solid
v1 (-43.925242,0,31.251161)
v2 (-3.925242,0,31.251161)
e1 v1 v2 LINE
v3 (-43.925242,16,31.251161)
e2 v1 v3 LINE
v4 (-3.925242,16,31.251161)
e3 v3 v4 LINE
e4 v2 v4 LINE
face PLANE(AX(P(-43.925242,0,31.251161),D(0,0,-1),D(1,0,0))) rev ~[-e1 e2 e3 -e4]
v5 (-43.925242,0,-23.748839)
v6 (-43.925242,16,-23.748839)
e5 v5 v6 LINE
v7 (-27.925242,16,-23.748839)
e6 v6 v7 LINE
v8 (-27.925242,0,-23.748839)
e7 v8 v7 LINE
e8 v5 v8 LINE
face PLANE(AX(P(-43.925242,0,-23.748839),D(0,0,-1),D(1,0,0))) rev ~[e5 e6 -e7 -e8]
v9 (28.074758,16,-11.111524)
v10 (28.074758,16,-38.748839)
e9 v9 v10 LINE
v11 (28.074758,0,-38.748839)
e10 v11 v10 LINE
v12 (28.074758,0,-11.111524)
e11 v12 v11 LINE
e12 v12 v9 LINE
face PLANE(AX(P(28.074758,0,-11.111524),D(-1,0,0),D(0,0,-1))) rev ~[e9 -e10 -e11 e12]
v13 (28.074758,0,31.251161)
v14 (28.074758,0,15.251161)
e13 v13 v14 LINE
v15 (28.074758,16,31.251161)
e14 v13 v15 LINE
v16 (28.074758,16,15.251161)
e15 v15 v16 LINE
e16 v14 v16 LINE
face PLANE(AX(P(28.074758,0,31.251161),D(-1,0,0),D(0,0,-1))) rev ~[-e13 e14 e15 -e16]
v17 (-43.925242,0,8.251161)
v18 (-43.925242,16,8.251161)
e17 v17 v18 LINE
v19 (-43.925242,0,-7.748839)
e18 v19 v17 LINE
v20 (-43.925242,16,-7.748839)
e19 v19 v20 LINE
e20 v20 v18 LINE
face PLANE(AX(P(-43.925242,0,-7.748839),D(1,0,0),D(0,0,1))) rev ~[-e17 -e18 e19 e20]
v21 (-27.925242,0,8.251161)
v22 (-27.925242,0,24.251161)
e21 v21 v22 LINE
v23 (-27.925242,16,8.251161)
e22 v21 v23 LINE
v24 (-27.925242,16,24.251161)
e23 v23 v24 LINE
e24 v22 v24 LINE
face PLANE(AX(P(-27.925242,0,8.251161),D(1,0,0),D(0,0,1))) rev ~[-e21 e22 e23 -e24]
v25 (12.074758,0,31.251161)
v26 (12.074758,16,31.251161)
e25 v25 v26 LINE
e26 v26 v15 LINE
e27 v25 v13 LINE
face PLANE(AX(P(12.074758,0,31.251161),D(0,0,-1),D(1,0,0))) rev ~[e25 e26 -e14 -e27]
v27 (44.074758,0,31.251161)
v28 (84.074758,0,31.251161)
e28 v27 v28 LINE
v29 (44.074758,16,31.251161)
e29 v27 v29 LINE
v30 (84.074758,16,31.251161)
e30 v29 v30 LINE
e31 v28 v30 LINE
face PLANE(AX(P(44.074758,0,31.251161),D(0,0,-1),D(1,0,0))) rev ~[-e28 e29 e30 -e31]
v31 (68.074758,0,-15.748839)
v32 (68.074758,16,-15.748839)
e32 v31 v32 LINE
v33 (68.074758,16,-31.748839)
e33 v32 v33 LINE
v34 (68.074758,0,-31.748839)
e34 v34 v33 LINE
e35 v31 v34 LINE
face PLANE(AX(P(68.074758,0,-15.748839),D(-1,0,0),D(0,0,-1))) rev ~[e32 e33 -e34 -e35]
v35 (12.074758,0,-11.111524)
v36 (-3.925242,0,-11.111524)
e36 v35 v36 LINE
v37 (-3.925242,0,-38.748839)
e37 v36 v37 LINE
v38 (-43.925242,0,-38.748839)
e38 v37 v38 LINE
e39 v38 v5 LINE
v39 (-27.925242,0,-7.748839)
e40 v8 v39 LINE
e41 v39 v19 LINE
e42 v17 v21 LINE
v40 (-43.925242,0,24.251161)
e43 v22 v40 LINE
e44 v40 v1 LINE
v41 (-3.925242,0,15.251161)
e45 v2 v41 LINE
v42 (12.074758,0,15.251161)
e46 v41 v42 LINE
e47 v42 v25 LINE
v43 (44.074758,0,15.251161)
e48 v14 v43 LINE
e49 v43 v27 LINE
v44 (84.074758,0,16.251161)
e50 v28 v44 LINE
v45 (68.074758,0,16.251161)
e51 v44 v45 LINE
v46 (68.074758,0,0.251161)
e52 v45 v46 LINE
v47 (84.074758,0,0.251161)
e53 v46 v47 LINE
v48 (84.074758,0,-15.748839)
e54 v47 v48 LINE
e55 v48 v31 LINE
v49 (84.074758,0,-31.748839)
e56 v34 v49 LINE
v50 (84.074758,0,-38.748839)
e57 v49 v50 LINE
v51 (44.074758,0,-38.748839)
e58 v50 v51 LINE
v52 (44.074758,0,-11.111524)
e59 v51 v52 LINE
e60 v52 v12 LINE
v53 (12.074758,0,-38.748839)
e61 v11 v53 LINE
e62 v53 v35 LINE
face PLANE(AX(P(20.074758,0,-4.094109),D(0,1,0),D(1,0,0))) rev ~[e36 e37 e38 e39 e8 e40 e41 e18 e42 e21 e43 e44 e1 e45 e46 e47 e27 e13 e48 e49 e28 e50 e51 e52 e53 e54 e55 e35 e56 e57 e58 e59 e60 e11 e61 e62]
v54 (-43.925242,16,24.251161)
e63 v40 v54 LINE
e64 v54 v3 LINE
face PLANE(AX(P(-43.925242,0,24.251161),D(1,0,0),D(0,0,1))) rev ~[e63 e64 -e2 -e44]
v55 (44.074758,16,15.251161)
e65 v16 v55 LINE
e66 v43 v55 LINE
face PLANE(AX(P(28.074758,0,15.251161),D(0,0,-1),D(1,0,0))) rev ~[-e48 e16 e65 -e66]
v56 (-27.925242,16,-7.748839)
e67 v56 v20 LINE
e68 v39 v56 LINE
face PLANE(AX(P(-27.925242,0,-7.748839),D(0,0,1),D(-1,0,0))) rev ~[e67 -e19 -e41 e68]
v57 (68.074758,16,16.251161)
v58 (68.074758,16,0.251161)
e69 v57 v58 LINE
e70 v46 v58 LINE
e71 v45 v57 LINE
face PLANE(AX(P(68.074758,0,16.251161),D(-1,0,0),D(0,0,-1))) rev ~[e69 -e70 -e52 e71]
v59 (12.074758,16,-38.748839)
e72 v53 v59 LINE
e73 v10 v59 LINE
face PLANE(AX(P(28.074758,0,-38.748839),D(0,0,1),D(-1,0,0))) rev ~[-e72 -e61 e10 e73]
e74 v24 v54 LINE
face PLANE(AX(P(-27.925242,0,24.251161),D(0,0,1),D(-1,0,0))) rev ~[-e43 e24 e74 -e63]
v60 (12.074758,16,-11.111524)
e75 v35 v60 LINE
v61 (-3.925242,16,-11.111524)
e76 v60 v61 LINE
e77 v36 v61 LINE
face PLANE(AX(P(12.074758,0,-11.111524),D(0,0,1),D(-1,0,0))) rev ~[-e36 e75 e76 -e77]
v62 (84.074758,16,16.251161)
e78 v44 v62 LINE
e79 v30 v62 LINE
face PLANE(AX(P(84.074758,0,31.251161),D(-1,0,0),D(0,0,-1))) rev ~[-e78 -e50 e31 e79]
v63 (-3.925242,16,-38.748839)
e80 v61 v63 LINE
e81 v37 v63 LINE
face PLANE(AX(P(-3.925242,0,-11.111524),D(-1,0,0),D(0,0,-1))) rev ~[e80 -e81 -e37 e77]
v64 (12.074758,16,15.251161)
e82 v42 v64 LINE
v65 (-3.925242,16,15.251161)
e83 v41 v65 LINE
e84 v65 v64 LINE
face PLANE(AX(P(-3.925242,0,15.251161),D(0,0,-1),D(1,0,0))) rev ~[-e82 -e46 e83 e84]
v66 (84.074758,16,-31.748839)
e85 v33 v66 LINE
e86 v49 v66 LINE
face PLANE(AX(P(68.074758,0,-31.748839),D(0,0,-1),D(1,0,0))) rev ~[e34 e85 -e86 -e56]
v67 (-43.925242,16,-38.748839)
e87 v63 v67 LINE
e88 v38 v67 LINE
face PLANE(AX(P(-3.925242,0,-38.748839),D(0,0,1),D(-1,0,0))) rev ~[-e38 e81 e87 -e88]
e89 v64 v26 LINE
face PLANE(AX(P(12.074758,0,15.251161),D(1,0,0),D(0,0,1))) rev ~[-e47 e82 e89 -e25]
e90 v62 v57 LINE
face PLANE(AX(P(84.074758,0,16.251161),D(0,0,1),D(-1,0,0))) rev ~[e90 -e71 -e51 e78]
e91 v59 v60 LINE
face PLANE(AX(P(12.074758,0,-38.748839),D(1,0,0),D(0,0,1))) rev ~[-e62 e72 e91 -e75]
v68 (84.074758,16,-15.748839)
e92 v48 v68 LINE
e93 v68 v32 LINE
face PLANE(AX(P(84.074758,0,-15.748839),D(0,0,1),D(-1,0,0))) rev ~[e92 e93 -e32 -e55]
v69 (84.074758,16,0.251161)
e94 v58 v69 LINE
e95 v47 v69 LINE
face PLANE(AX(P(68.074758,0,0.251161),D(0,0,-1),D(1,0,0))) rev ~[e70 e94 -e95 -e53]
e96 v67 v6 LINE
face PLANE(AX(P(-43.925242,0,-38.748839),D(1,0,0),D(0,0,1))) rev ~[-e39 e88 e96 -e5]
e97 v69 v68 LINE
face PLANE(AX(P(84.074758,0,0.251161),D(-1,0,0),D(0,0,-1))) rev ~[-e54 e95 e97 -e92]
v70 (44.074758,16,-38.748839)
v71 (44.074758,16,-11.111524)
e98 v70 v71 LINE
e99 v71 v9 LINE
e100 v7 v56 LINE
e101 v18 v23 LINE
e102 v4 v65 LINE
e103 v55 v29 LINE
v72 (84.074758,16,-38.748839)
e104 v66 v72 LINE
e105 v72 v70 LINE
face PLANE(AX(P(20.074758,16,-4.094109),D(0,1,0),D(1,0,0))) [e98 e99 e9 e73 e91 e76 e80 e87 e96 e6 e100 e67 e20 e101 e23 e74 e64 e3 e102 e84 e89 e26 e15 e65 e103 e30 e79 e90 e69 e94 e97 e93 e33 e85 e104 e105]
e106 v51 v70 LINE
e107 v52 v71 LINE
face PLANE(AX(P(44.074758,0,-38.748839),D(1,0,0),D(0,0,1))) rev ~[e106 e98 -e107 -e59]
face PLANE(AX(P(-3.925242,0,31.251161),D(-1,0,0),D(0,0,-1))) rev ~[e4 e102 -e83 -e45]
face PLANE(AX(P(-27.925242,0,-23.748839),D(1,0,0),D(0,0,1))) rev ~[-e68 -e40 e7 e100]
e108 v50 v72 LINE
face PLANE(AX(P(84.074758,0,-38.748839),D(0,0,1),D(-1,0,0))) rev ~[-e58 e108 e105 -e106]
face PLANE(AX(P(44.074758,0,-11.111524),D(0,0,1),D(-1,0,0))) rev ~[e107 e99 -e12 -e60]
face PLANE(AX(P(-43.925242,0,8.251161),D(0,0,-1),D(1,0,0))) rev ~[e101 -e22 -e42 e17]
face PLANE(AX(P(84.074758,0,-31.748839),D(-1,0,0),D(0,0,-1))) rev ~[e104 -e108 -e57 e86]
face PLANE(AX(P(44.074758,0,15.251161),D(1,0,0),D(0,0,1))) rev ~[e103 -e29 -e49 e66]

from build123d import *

# Parameters (mm, degrees)
EXTRUDE_1_DEPTH = 16


with BuildPart() as part:
    # 草图1 → 凸台-拉伸1 (new body)
    with BuildSketch(Plane(origin=(0, 0, 0), x_dir=(1, 0, 0), z_dir=(0, 1, 0))):
        Polygon((-43.925242433, 7.748839376), (-43.925242433, -8.251160624), (-27.925242433, -8.251160624), (-27.925242433, -24.251160624), (-43.925242433, -24.251160624), (-43.925242433, -31.251160624), (-3.925242433, -31.251160624), (-3.925242433, -15.251160624), (12.074757567, -15.251160624), (12.074757567, -31.251160624), (28.074757567, -31.251160624), (28.074757567, -15.251160624), (44.074757567, -15.251160624), (44.074757567, -31.251160624), (84.074757567, -31.251160624), (84.074757567, -16.251160624), (68.074757567, -16.251160624), (68.074757567, -0.251160624), (84.074757567, -0.251160624), (84.074757567, 15.748839376), (68.074757567, 15.748839376), (68.074757567, 31.748839376), (84.074757567, 31.748839376), (84.074757567, 38.748839376), (44.074757567, 38.748839376), (44.074757567, 11.111523777), (28.074757567, 11.111523777), (28.074757567, 38.748839376), (12.074757567, 38.748839376), (12.074757567, 11.111523777), (-3.925242433, 11.111523777), (-3.925242433, 38.748839376), (-43.925242433, 38.748839376), (-43.925242433, 23.748839376), (-27.925242433, 23.748839376), (-27.925242433, 7.748839376), align=None)
    extrude(amount=EXTRUDE_1_DEPTH)


solid = part.part
